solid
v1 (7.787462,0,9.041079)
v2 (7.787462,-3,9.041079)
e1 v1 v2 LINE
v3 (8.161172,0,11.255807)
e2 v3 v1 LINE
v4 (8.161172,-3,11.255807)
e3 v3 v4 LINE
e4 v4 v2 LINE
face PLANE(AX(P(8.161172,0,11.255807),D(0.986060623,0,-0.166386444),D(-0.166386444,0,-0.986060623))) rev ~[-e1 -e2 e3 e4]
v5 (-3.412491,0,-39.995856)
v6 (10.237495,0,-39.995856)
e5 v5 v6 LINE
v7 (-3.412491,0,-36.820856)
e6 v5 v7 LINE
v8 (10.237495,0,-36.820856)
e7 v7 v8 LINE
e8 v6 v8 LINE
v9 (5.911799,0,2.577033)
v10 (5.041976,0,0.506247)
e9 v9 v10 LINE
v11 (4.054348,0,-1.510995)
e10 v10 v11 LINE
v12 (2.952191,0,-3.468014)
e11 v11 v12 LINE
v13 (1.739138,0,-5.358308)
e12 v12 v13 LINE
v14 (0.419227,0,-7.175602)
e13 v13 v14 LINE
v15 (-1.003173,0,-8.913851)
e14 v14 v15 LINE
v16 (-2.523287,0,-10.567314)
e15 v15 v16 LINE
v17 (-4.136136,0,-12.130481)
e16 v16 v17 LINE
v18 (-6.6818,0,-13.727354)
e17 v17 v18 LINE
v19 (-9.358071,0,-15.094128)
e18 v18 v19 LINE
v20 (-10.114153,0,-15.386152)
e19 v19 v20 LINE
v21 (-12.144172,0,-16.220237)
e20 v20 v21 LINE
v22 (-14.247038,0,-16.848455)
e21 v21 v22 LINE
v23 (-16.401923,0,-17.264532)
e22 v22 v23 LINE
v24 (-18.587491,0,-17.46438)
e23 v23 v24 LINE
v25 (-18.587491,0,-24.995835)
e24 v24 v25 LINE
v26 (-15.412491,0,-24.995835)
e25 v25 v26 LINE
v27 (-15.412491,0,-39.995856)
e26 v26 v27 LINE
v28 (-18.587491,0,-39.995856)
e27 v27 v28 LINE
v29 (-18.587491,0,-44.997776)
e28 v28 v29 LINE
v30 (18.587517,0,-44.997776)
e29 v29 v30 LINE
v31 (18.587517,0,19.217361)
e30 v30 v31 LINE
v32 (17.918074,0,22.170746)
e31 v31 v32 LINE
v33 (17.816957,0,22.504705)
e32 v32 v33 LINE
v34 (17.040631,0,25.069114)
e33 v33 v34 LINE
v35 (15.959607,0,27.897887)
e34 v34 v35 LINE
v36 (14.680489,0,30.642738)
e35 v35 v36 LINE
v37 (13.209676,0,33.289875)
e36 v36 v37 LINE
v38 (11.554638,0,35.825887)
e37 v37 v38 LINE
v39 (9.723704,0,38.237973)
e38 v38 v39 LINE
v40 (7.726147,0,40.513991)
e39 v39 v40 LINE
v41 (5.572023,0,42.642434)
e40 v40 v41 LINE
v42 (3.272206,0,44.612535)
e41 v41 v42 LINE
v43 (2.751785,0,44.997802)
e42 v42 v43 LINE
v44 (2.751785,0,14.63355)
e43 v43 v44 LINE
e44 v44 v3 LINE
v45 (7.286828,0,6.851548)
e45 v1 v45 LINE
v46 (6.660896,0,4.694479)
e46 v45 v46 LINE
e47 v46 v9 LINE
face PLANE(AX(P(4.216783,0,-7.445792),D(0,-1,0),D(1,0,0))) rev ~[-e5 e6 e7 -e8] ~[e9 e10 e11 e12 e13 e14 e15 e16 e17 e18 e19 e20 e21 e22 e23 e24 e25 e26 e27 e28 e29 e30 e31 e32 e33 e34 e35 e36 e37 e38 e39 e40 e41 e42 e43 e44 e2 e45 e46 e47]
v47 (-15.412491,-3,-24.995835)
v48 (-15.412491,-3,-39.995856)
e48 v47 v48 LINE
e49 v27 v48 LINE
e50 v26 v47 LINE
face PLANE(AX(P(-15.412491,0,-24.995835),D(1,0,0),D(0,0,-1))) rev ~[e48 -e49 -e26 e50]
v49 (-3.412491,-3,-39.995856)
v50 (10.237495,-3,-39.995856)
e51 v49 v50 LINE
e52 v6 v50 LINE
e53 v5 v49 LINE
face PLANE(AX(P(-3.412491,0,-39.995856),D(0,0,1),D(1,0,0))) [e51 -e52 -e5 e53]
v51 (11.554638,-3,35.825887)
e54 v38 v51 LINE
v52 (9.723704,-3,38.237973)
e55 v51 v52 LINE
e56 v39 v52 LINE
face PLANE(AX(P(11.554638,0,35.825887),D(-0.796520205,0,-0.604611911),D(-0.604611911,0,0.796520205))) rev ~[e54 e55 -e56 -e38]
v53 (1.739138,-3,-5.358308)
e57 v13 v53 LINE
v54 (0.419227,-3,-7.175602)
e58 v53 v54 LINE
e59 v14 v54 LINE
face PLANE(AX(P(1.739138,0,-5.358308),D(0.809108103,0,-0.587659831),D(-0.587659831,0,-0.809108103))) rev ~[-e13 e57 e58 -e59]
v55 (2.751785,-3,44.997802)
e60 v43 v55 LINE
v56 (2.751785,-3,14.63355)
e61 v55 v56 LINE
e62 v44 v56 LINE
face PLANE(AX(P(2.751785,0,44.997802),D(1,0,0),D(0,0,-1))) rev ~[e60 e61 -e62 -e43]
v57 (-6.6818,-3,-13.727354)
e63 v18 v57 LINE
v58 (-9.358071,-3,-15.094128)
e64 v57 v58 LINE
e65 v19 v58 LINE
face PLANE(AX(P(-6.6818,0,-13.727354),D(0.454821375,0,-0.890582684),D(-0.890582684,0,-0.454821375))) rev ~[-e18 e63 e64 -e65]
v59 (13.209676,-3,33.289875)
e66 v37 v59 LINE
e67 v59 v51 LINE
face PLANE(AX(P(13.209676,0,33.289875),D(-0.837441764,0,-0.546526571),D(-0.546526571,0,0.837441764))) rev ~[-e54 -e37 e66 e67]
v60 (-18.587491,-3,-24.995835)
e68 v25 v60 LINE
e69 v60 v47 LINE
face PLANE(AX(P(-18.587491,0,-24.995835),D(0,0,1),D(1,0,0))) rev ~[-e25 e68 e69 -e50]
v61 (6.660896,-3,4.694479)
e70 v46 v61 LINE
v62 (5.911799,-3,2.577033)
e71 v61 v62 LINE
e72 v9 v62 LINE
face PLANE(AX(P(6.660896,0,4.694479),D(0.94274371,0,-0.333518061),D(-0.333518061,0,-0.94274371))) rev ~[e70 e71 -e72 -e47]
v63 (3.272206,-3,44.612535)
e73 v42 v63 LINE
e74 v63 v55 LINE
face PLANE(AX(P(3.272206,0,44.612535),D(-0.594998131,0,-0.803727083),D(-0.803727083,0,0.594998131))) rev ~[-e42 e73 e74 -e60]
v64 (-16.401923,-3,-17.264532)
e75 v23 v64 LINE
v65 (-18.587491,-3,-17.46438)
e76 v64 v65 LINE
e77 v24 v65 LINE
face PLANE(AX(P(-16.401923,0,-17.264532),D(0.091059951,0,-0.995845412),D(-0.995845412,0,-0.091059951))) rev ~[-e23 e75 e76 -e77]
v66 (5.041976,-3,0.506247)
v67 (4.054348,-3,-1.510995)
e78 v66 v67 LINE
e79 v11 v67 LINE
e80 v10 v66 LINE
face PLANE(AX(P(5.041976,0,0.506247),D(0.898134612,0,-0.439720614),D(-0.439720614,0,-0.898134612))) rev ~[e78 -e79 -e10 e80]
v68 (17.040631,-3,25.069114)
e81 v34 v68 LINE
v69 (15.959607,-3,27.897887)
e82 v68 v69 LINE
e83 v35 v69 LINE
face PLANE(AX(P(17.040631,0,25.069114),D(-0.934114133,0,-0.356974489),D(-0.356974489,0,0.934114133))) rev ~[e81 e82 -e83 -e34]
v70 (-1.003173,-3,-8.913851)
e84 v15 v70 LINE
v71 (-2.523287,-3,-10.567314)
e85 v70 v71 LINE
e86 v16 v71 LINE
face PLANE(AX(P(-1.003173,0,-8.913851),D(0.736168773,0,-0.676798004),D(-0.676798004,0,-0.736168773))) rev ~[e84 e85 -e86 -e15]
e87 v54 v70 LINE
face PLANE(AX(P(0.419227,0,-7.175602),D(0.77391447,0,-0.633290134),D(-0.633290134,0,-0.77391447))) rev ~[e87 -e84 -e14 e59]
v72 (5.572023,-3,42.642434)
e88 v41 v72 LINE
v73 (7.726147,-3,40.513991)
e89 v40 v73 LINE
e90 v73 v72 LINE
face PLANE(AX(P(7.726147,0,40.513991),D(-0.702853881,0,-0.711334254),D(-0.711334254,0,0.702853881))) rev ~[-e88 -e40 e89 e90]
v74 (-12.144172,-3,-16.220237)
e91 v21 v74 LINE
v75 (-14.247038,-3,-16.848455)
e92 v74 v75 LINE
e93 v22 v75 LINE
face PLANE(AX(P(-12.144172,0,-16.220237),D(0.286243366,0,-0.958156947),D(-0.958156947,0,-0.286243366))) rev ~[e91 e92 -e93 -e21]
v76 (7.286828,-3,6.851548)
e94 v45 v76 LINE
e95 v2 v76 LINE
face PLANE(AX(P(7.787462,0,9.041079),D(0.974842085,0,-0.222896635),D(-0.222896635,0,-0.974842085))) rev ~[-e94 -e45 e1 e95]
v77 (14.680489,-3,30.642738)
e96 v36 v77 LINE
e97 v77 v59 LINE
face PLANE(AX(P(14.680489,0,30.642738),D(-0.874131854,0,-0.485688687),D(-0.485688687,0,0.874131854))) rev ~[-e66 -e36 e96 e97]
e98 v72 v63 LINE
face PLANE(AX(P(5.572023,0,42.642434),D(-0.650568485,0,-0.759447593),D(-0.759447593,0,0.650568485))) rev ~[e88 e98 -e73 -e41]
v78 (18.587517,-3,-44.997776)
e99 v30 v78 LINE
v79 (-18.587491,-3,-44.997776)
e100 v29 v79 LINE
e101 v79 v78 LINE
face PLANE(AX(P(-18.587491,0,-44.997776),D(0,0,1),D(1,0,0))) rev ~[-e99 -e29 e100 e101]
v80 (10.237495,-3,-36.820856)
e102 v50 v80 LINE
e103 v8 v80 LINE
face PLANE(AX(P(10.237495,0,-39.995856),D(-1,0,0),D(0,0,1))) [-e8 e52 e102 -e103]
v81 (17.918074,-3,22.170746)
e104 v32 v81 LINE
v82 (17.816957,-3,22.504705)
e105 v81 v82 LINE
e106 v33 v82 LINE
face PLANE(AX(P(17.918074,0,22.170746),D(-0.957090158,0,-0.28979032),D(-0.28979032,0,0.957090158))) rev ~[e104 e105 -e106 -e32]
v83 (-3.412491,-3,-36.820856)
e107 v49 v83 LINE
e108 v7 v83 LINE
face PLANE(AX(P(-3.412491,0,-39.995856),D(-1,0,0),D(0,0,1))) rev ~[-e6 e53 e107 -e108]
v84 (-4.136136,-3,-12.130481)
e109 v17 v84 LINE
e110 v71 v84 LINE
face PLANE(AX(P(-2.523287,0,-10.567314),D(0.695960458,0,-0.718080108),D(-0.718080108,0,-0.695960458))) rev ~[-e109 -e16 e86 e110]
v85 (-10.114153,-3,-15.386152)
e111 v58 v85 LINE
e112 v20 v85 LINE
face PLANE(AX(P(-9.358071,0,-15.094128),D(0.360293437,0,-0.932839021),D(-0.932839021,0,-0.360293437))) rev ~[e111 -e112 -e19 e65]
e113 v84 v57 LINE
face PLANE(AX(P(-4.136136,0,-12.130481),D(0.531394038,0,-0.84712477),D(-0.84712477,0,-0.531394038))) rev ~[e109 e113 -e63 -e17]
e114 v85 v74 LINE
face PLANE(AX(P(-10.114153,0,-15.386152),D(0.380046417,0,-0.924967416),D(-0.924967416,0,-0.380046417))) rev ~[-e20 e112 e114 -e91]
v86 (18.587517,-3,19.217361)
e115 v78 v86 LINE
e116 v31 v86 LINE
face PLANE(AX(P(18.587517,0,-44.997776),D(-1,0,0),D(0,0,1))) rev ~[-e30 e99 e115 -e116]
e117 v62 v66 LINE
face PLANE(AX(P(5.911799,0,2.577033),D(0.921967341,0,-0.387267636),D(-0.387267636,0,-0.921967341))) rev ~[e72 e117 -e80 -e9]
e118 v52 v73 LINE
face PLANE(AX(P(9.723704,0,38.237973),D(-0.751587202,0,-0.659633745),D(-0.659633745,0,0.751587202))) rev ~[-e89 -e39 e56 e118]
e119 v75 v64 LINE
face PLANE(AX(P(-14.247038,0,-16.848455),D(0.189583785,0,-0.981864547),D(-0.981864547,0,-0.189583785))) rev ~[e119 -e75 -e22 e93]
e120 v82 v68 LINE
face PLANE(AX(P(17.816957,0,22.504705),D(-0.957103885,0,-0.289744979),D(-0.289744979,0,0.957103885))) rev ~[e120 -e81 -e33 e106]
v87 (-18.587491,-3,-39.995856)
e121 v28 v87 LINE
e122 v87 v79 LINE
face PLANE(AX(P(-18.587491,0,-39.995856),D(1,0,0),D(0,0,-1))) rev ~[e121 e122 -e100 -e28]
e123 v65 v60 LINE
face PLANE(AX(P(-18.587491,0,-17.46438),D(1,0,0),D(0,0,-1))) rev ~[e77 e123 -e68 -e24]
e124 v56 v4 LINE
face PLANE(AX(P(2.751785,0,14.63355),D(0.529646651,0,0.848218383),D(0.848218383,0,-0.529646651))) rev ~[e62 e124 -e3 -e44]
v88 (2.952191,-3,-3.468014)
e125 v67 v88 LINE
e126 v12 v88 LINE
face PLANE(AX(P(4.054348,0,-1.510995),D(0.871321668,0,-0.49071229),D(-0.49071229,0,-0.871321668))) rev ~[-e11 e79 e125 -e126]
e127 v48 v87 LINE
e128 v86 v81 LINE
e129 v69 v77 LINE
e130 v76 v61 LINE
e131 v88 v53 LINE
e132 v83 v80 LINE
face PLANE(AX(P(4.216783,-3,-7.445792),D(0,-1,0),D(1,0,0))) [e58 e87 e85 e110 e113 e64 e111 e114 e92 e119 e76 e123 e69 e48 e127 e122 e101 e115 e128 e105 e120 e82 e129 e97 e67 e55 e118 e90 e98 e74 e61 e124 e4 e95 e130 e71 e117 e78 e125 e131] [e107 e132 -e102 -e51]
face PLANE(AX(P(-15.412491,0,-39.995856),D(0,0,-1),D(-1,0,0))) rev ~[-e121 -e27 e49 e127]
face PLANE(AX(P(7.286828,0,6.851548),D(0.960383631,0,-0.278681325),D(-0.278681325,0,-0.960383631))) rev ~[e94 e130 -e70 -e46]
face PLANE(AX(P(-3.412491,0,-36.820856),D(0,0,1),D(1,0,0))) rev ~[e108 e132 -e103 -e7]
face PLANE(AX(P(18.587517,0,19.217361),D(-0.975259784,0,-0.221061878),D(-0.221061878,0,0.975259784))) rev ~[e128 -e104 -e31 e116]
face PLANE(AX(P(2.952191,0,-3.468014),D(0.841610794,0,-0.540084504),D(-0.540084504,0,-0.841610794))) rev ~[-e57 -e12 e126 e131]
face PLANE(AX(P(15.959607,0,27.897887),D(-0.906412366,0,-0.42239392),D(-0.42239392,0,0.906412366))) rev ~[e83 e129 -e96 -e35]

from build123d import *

# Parameters (mm, degrees)
F0_W     = 13.649985
F0_H     = 3.175
F1_DEPTH = 3


with BuildPart() as f1:
    # F0 (on Front) → F1 (new body)
    with BuildSketch(Plane.XZ):
        Polygon((2.751785, 44.612535), (2.751785, 14.63355), (8.161172, 11.255807), (7.787462, 9.041079), (7.286828, 6.851548), (6.660896, 4.694479), (5.911799, 2.577033), (5.041976, 0.506247), (4.054348, -1.510995), (2.952191, -3.468014), (1.739138, -5.358308), (0.419227, -7.175602), (-1.003173, -8.913851), (-2.523287, -10.567314), (-4.136136, -12.130481), (-6.6818, -13.727354), (-9.358071, -15.094128), (-10.114153, -15.386152), (-12.144172, -16.220237), (-14.247038, -16.848455), (-16.401923, -17.264532), (-18.587491, -17.46438), (-18.587491, -24.995835), (-15.412491, -24.995835), (-15.412491, -39.995856), (-18.587491, -39.995856), (-18.587491, -44.997776), (18.587517, -44.997776), (18.587517, 19.217361), (17.918074, 22.170746), (17.816957, 22.504705), (17.040631, 25.069114), (15.959607, 27.897887), (14.680489, 30.642738), (13.209676, 33.289875), (11.554638, 35.825887), (9.723704, 38.237973), (7.726147, 40.513991), (5.572023, 42.642434), (3.272206, 44.612535), (2.751785, 44.997802), align=None)
        with Locations((3.412502, -38.408356)):
            Rectangle(F0_W, F0_H, mode=Mode.SUBTRACT)
    extrude(amount=F1_DEPTH)


solid = f1.part
